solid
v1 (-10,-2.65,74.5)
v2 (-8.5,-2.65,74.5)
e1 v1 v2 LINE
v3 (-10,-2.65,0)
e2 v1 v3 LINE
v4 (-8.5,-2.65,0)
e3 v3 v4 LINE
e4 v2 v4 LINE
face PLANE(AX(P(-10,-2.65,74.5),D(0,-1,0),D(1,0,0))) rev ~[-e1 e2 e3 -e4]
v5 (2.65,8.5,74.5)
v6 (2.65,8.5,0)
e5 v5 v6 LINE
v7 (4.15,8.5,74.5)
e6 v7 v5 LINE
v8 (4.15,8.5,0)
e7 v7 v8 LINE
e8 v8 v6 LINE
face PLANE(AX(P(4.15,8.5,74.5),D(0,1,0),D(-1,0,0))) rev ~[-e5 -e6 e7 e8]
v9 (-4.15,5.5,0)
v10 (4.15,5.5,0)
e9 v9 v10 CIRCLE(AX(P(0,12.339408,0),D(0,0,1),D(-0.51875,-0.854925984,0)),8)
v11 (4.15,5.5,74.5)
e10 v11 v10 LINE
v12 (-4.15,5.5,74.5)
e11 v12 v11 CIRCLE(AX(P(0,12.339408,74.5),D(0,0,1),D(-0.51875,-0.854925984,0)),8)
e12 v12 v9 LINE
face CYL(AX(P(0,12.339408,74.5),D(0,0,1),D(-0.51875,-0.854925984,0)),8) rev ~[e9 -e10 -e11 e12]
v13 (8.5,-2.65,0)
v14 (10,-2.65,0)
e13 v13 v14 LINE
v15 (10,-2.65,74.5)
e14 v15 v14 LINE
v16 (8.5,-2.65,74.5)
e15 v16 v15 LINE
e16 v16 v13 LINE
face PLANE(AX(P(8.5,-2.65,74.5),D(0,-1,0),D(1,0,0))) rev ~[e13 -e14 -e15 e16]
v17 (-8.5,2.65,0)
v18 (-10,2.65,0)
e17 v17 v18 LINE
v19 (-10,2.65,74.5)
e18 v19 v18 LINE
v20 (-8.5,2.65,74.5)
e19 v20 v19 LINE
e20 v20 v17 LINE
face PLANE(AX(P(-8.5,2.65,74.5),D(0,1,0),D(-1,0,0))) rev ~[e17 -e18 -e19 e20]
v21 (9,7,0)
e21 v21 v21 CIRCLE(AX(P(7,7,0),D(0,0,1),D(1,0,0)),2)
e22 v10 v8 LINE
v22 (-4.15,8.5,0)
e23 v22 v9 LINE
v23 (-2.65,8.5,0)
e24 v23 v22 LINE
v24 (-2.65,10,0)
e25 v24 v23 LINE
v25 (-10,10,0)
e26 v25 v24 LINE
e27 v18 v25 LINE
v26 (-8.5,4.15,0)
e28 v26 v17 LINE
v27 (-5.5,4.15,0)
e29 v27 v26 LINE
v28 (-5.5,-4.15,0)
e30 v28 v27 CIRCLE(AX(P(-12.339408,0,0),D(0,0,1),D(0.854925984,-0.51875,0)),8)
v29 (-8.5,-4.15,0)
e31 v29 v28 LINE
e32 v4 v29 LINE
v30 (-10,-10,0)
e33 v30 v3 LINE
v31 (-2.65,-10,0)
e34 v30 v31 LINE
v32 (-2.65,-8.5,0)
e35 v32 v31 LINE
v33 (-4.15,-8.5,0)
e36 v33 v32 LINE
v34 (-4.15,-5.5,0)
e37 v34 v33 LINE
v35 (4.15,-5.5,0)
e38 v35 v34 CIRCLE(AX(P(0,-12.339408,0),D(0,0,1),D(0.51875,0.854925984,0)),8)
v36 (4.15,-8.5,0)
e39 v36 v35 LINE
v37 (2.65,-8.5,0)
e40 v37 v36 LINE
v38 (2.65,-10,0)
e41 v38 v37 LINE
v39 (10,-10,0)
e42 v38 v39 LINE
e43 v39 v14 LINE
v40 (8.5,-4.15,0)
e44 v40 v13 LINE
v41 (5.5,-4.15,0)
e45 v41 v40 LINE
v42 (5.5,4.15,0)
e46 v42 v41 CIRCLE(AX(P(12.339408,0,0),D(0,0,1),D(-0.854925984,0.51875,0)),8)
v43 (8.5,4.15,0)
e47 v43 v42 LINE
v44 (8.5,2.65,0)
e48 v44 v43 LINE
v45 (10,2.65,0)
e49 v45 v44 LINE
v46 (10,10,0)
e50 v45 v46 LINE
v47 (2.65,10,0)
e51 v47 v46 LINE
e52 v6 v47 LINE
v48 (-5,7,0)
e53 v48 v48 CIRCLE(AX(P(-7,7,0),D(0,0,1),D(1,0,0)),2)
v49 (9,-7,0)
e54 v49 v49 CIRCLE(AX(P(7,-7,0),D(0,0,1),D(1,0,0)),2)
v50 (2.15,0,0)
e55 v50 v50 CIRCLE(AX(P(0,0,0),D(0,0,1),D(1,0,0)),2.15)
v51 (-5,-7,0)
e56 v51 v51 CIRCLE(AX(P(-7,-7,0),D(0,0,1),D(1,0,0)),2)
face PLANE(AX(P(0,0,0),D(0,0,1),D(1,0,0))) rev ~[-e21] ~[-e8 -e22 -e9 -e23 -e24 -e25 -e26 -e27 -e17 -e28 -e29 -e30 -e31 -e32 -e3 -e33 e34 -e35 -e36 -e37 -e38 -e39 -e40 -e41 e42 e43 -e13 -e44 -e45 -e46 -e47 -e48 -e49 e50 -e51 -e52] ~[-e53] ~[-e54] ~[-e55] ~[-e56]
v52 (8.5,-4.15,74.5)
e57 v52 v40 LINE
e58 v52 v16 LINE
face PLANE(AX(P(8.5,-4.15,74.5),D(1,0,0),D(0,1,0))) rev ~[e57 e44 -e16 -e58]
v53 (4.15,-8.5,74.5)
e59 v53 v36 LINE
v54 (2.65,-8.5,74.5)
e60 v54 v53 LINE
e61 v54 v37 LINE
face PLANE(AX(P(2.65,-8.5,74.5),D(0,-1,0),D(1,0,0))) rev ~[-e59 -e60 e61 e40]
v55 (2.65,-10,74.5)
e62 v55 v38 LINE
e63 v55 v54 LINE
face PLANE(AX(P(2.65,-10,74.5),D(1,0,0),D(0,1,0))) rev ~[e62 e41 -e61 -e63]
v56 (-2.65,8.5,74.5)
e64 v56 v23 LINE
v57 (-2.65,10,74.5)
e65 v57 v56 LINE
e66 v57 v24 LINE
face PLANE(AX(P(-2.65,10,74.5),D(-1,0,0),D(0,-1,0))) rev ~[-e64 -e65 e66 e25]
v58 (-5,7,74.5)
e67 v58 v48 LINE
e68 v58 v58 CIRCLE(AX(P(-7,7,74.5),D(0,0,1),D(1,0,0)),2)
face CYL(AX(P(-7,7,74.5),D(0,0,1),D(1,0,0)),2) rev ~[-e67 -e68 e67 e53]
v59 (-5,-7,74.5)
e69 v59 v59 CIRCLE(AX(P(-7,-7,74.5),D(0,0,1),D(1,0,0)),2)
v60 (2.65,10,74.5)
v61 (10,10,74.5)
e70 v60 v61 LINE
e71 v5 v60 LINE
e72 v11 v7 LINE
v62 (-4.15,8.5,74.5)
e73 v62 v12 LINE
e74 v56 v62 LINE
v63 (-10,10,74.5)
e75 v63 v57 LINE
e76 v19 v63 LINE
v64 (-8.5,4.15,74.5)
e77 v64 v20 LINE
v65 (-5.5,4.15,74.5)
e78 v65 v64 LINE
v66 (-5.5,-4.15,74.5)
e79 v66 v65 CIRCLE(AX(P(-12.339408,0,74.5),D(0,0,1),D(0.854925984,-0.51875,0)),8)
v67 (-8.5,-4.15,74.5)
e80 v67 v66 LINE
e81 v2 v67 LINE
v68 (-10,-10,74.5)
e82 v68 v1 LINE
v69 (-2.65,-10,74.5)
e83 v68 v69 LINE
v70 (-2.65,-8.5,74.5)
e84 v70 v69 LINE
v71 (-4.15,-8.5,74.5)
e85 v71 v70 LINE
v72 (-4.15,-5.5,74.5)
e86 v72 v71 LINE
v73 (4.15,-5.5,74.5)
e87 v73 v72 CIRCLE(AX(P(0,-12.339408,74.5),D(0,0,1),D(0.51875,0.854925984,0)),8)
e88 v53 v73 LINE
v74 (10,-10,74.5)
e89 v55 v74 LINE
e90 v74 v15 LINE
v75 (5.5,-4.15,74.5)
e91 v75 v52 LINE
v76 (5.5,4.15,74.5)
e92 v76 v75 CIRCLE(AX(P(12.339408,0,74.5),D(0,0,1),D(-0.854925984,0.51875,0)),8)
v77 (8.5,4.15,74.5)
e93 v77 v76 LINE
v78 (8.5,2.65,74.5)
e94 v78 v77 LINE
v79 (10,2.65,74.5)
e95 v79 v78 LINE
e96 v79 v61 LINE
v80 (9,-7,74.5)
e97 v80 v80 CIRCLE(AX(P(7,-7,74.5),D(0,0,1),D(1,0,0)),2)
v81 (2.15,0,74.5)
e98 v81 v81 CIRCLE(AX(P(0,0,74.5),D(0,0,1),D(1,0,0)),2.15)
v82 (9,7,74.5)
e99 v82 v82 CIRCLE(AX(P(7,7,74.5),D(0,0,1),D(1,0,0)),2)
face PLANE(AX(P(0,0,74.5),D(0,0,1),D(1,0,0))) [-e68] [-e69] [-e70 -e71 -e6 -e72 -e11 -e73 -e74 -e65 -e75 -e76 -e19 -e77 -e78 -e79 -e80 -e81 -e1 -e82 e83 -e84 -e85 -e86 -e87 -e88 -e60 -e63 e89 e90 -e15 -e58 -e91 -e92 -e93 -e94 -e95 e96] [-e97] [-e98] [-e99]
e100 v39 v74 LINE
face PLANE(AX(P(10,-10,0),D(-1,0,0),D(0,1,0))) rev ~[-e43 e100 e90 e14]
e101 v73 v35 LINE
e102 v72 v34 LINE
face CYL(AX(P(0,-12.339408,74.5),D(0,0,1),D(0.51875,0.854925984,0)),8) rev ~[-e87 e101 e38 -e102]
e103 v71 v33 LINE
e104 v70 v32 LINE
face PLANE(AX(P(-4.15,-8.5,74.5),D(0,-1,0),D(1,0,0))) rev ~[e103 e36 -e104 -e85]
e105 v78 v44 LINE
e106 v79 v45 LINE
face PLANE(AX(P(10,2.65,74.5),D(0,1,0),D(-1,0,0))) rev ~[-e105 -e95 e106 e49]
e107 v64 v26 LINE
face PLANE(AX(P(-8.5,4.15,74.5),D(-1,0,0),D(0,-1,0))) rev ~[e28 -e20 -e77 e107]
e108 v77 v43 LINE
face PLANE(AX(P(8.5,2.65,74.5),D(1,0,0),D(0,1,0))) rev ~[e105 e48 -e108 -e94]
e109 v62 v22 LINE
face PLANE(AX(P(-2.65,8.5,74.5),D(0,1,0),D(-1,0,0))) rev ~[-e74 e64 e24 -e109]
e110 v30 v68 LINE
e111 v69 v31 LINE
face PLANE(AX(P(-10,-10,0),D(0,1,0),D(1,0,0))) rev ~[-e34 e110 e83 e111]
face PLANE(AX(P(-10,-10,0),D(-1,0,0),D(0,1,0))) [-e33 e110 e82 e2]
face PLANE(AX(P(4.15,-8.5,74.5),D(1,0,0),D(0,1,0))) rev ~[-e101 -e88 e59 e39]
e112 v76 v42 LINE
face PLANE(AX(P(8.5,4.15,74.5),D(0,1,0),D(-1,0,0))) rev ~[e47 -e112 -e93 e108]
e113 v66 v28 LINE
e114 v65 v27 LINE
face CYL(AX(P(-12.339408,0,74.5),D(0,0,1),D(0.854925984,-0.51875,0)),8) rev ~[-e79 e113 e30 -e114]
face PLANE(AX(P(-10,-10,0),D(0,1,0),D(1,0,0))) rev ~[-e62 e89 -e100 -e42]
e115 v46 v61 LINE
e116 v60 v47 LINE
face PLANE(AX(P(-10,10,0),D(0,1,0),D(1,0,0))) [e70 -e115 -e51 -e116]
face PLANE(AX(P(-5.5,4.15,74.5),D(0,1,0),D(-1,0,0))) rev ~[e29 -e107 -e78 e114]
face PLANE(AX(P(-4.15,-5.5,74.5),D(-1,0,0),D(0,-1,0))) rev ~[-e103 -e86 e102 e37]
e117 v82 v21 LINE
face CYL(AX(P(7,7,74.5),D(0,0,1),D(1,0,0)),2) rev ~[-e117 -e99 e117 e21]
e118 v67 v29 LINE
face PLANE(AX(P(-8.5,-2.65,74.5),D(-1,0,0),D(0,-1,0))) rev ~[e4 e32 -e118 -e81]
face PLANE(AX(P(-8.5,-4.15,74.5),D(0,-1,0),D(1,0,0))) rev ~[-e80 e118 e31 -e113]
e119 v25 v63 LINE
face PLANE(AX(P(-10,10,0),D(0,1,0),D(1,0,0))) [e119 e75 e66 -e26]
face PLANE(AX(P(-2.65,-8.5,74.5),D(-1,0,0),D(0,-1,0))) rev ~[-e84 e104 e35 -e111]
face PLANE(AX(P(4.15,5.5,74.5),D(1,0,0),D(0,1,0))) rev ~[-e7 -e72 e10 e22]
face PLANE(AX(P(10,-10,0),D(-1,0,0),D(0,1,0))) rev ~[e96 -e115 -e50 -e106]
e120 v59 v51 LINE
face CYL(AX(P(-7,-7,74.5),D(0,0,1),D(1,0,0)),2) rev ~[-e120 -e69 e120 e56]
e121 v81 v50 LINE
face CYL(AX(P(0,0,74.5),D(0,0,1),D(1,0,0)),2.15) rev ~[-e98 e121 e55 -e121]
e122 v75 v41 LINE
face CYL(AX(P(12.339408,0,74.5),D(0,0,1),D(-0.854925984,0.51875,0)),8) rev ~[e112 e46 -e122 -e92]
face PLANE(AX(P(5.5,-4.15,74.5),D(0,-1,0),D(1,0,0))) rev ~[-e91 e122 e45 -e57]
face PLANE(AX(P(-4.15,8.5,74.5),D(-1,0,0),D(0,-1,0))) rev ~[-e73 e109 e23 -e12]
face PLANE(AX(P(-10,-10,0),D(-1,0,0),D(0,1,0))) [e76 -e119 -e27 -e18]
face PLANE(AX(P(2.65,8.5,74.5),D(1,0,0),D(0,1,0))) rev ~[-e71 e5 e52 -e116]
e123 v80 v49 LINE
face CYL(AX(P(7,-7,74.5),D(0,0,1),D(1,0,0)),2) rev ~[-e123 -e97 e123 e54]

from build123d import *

# Parameters (mm, degrees)
SKETCH_1_W          = 20
SKETCH_1_H          = 20
EXTRUDE_1_DEPTH     = 74.5
SKETCH_2_R          = 2.15
SKETCH_2_R_2        = 2
CUT_EXTRUDE_1_DEPTH = 315.5


with BuildPart() as part:
    # 스케치1 → 보스-돌출1 (new body)
    with BuildSketch(Plane.XY):
        Rectangle(SKETCH_1_W, SKETCH_1_H)
    extrude(amount=EXTRUDE_1_DEPTH)

    # 스케치2 → 컷-돌출1 (cut)
    with BuildSketch(Plane.XY.offset(74.5)):
        Circle(SKETCH_2_R)
        with Locations((-7, 7)):
            Circle(SKETCH_2_R_2)
        with Locations((7, 7)):
            Circle(SKETCH_2_R_2)
        with Locations((7, -7)):
            Circle(SKETCH_2_R_2)
        with Locations((-7, -7)):
            Circle(SKETCH_2_R_2)
        with BuildLine():
            Line((-2.65, 10), (-2.65, 8.5))
            Line((-2.65, 8.5), (-4.15, 8.5))
            Line((-4.15, 8.5), (-4.15, 5.5))
            ThreePointArc((-4.15, 5.5), (0, 4.339407869), (4.15, 5.5))
            Line((4.15, 5.5), (4.15, 8.5))
            Line((4.15, 8.5), (2.65, 8.5))
            Line((2.65, 8.5), (2.65, 10))
            Line((2.65, 10), (-2.65, 10))
        make_face()
        with BuildLine():
            Line((10, 2.65), (8.5, 2.65))
            Line((8.5, 2.65), (8.5, 4.15))
            Line((8.5, 4.15), (5.5, 4.15))
            ThreePointArc((5.5, 4.15), (4.339407869, 0), (5.5, -4.15))
            Line((5.5, -4.15), (8.5, -4.15))
            Line((8.5, -4.15), (8.5, -2.65))
            Line((8.5, -2.65), (10, -2.65))
            Line((10, -2.65), (10, 2.65))
        make_face()
        with BuildLine():
            Line((2.65, -10), (2.65, -8.5))
            Line((2.65, -8.5), (4.15, -8.5))
            Line((4.15, -8.5), (4.15, -5.5))
            ThreePointArc((4.15, -5.5), (0, -4.339407869), (-4.15, -5.5))
            Line((-4.15, -5.5), (-4.15, -8.5))
            Line((-4.15, -8.5), (-2.65, -8.5))
            Line((-2.65, -8.5), (-2.65, -10))
            Line((-2.65, -10), (2.65, -10))
        make_face()
        with BuildLine():
            Line((-10, -2.65), (-8.5, -2.65))
            Line((-8.5, -2.65), (-8.5, -4.15))
            Line((-8.5, -4.15), (-5.5, -4.15))
            ThreePointArc((-5.5, -4.15), (-4.339407869, 0), (-5.5, 4.15))
            Line((-5.5, 4.15), (-8.5, 4.15))
            Line((-8.5, 4.15), (-8.5, 2.65))
            Line((-8.5, 2.65), (-10, 2.65))
            Line((-10, 2.65), (-10, -2.65))
        make_face()
    extrude(amount=-CUT_EXTRUDE_1_DEPTH, mode=Mode.SUBTRACT)


solid = part.part
